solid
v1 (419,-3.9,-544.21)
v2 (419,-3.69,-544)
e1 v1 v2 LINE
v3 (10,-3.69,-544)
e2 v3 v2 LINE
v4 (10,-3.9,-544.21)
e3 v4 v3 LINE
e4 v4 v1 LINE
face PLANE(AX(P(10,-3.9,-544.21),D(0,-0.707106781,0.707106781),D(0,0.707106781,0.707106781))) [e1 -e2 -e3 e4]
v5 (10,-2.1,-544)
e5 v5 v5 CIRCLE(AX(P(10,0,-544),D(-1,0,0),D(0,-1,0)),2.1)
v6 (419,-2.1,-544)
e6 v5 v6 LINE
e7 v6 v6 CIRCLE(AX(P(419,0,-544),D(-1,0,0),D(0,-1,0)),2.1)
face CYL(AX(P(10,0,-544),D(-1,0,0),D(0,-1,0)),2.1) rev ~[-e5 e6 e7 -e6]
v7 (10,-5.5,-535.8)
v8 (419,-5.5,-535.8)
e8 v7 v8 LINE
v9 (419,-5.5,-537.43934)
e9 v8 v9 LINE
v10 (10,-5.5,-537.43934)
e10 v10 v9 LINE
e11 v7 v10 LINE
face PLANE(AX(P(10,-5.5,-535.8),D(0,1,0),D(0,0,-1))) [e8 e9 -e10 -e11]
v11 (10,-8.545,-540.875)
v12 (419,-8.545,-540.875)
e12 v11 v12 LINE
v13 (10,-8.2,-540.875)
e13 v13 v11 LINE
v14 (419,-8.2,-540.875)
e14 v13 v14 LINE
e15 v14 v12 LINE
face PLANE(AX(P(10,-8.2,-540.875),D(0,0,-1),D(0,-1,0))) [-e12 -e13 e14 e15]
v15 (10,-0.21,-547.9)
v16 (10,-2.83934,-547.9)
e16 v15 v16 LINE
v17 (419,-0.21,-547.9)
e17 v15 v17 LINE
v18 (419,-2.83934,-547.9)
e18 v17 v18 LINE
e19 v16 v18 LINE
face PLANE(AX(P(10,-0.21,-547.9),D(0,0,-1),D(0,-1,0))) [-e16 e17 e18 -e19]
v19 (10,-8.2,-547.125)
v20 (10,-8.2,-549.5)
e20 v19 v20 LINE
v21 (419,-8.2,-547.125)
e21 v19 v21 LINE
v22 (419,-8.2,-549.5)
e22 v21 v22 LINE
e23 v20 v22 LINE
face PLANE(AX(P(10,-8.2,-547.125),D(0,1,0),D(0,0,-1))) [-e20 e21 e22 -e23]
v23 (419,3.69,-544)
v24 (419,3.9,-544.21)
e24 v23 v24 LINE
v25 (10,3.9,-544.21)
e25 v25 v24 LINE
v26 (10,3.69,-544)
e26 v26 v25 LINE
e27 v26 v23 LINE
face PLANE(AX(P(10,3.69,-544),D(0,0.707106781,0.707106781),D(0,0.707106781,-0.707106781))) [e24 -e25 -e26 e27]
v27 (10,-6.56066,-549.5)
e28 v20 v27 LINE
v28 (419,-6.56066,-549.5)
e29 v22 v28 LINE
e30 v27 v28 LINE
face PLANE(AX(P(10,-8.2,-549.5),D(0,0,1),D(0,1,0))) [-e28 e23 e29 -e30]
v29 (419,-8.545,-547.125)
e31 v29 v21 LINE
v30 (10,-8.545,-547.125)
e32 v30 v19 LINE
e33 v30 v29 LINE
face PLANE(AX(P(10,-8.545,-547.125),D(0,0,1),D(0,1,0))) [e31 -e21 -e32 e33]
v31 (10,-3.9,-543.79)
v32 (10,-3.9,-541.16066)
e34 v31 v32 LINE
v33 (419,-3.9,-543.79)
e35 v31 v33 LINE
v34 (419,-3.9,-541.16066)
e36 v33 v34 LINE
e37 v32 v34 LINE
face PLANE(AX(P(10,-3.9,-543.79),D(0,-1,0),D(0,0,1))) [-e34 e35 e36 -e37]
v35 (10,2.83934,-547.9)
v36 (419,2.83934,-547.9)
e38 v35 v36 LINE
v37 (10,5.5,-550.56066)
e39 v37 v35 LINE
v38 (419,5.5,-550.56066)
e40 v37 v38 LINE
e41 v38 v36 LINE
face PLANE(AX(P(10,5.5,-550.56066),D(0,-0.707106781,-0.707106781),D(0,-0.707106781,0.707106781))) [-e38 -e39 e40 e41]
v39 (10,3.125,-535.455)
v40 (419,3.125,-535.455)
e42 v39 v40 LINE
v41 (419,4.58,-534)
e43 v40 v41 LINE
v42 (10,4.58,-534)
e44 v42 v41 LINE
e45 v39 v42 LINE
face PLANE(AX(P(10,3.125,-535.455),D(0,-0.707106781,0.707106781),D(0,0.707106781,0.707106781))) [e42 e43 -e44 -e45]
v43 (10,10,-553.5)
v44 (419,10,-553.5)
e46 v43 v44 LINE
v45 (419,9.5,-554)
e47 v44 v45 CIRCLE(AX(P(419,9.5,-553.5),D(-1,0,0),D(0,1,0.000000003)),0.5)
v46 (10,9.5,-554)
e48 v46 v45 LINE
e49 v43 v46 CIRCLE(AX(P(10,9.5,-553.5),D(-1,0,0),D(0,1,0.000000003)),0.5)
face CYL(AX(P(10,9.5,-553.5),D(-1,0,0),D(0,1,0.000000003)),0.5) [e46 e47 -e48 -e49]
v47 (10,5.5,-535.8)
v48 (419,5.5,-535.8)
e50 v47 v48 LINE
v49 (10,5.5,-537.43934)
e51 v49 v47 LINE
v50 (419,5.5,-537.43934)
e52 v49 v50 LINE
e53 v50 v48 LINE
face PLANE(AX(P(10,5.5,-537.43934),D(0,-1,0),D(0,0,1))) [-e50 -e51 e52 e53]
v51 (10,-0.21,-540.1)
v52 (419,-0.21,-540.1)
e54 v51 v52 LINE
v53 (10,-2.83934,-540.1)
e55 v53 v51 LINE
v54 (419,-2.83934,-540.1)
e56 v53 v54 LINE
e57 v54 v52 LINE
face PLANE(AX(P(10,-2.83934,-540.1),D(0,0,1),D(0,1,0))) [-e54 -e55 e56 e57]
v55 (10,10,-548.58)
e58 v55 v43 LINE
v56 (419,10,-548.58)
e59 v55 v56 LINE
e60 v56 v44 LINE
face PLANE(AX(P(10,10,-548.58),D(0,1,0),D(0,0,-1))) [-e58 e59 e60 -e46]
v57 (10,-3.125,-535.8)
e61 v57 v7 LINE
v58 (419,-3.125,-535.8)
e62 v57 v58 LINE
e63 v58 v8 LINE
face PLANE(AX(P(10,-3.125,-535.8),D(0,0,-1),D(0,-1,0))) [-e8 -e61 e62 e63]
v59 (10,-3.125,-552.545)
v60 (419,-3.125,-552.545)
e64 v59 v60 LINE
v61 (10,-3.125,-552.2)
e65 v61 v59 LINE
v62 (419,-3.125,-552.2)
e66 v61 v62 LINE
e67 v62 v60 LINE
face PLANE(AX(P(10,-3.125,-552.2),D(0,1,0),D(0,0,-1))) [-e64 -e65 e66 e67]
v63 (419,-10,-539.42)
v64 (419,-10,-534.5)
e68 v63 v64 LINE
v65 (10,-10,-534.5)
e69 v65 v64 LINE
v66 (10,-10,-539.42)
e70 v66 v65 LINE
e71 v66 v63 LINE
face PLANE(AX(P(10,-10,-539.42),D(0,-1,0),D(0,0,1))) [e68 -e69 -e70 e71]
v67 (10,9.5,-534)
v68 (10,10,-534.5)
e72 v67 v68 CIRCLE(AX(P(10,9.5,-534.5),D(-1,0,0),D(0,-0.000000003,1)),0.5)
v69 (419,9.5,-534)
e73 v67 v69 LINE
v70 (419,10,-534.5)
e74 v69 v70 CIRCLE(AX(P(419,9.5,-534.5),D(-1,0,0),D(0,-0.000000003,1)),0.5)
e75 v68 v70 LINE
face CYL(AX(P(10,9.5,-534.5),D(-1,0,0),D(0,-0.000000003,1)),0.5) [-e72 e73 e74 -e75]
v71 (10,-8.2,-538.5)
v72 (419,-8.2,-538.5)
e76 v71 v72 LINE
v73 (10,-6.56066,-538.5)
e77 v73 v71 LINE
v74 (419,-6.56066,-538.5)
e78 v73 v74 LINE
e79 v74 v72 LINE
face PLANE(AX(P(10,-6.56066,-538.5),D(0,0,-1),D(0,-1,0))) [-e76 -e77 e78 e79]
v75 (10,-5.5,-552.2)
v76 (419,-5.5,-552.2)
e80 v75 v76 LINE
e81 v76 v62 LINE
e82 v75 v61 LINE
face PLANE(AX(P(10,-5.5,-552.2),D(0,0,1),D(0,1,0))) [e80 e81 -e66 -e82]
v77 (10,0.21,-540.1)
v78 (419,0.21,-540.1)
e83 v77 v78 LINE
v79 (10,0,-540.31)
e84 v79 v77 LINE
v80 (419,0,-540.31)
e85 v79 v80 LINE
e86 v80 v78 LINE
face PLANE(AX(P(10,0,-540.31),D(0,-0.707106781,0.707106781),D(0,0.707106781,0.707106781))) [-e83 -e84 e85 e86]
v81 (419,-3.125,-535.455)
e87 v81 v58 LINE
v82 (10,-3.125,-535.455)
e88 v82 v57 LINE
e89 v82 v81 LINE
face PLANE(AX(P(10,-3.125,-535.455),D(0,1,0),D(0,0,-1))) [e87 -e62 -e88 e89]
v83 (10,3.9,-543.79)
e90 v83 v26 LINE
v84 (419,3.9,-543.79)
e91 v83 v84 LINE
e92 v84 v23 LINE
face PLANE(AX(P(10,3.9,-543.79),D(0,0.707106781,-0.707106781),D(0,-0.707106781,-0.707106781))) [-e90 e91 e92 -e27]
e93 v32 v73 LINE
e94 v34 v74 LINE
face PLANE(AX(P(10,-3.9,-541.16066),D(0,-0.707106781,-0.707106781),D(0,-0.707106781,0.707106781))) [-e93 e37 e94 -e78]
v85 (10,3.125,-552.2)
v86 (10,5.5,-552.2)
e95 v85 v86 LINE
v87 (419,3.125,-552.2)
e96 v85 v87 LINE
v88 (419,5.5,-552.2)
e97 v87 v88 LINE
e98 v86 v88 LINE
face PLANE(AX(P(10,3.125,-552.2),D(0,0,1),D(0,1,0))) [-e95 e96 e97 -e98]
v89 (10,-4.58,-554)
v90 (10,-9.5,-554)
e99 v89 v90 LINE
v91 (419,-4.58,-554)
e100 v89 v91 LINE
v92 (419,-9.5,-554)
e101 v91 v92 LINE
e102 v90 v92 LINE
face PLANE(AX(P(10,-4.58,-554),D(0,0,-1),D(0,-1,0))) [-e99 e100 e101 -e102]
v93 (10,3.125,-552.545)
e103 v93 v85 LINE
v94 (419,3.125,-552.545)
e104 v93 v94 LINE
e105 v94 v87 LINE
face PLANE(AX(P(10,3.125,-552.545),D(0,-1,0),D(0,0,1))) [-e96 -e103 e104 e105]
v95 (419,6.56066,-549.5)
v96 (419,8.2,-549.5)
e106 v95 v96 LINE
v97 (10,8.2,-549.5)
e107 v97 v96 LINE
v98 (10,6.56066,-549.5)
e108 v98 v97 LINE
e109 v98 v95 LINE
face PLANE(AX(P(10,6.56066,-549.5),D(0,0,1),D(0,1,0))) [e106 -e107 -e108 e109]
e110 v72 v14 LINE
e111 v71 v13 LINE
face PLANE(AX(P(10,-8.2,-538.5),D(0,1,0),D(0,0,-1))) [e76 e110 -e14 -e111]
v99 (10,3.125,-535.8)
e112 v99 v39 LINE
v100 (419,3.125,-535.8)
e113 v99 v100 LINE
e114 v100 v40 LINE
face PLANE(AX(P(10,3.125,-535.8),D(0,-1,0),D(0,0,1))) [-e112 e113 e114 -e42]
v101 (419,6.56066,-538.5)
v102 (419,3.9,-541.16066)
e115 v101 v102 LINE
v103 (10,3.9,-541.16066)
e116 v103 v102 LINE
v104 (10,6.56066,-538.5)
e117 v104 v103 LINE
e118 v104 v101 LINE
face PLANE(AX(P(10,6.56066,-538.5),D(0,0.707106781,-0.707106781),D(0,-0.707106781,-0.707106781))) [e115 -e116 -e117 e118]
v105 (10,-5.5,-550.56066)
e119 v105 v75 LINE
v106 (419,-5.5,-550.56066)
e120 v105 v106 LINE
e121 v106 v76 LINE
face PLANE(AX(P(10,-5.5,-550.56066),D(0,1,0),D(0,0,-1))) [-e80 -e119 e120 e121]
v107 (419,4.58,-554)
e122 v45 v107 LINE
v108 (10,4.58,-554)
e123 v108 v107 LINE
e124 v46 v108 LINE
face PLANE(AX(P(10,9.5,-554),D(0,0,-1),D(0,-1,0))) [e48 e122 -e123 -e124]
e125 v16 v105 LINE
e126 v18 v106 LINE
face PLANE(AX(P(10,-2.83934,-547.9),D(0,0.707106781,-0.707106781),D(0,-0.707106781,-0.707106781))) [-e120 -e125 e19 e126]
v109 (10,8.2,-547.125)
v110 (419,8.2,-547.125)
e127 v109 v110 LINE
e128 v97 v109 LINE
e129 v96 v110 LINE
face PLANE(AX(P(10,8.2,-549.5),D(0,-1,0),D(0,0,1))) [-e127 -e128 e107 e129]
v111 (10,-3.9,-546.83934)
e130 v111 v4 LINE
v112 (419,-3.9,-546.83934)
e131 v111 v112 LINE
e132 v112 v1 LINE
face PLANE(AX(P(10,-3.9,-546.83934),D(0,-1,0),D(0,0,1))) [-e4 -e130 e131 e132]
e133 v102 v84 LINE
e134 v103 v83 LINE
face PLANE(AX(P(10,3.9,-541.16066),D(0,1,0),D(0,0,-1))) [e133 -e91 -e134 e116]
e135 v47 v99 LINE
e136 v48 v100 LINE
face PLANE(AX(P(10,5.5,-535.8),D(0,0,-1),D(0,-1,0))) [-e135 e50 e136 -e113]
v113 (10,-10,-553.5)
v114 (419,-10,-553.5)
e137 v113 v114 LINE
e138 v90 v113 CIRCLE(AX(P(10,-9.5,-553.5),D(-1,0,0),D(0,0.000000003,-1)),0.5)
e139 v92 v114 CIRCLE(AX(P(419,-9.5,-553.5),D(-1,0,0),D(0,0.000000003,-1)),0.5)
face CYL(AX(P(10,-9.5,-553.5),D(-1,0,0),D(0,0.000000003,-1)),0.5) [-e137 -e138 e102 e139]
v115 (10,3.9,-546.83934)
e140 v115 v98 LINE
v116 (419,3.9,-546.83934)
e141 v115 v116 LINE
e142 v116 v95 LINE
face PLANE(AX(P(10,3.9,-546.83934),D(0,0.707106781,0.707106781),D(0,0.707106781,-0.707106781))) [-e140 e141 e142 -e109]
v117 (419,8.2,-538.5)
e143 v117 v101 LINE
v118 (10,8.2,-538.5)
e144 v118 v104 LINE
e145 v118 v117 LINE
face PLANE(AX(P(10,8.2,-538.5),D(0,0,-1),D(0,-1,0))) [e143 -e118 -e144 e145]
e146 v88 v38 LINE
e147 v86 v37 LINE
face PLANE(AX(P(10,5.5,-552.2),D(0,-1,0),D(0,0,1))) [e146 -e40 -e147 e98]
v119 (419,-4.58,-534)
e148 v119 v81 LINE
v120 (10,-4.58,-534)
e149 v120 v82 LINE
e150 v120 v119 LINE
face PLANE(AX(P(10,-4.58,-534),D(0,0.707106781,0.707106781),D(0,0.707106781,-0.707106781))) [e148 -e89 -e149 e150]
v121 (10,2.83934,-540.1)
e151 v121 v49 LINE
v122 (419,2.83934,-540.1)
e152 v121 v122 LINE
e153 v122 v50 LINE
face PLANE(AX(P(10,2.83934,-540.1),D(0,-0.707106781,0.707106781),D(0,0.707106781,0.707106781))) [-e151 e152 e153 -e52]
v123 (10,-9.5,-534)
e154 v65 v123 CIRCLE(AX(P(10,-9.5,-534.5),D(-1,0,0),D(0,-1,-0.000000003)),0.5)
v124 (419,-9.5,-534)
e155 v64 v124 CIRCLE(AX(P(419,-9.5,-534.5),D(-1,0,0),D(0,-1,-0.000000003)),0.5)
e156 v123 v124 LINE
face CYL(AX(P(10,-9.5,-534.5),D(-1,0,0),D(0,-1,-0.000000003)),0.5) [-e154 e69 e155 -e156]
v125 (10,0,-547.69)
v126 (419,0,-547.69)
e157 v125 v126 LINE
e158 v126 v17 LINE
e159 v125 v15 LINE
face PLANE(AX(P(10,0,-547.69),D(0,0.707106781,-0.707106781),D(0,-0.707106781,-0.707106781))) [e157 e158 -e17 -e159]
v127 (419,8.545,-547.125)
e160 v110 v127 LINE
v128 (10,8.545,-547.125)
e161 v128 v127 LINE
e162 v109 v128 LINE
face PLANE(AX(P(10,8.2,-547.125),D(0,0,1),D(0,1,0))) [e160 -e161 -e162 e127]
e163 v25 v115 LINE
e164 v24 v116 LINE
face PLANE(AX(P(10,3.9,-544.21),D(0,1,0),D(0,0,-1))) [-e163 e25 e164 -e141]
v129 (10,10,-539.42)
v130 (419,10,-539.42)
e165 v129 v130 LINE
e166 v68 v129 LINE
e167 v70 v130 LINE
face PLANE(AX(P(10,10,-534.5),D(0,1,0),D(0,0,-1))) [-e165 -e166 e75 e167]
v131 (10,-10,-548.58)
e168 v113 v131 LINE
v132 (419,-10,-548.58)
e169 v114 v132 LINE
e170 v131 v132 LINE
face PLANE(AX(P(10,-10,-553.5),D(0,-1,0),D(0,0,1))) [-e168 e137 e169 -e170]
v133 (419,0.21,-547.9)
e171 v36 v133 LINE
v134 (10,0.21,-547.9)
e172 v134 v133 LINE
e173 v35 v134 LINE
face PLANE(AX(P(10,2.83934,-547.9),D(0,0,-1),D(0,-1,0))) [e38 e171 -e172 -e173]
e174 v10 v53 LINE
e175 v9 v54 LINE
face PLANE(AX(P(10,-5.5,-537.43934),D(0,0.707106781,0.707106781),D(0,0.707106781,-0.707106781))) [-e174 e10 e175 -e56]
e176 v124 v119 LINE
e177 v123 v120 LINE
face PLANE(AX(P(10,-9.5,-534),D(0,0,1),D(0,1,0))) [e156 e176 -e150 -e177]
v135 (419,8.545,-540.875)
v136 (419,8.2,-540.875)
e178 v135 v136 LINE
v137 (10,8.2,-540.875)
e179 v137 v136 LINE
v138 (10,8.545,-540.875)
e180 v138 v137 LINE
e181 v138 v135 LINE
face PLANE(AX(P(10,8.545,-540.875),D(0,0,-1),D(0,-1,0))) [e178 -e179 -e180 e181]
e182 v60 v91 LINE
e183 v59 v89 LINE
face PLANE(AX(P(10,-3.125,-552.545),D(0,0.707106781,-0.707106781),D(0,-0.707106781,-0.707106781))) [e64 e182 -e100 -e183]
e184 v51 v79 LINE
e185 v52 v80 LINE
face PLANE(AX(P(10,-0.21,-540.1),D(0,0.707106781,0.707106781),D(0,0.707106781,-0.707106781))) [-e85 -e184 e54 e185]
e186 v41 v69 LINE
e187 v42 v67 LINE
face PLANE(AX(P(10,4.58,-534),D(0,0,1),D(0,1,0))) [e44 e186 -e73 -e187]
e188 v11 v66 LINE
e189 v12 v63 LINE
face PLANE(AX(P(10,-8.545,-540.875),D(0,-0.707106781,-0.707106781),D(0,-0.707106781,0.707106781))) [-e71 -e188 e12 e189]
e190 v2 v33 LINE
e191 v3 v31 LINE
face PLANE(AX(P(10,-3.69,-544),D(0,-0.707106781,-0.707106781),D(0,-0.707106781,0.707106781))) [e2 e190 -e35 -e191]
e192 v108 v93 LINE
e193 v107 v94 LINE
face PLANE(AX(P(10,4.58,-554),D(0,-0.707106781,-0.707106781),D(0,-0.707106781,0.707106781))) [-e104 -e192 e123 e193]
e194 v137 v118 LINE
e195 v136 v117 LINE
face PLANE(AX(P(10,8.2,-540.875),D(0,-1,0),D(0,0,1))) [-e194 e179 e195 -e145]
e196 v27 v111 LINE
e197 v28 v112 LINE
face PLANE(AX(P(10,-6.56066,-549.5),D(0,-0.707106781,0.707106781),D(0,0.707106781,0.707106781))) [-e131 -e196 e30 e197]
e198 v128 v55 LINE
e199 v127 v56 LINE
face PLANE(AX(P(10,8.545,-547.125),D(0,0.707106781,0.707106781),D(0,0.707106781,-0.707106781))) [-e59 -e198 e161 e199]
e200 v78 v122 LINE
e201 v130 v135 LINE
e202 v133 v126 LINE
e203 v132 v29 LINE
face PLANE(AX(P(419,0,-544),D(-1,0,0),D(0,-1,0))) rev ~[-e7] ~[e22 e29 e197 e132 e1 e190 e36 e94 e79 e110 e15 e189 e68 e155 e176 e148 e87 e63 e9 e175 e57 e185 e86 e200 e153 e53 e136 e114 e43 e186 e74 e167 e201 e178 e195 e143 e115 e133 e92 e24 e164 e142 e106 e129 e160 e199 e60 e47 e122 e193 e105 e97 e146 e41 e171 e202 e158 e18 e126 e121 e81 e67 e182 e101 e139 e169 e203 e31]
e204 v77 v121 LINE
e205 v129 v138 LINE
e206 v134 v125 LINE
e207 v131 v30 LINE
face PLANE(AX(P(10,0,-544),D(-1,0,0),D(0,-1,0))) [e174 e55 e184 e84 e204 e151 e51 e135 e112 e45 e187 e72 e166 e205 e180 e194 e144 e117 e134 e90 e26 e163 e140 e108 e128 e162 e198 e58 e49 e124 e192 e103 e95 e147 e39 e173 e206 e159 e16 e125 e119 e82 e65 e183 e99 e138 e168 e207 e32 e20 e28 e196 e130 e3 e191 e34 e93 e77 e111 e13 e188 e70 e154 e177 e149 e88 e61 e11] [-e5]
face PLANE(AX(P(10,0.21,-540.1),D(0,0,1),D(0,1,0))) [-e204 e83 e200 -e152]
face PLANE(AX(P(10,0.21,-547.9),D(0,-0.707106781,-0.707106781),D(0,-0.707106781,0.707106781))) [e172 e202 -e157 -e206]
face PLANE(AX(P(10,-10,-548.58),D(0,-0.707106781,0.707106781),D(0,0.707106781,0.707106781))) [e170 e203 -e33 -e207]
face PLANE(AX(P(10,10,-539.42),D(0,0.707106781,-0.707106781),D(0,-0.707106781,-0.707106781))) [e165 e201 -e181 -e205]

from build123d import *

# Parameters (mm, degrees)
SKETCH1_R           = 2.1
BOSS_EXTRUDE1_DEPTH = 409


with BuildPart() as part:
    # Sketch1 → Boss-Extrude1 (new body)
    with BuildSketch(Plane(origin=(10, 0, 0), x_dir=(0, -1, 0), z_dir=(-1, 0, 0))):
        with BuildLine():
            Line((-10, -534.5), (-10, -539.42))
            Line((-10, -539.42), (-8.545, -540.875))
            Line((-8.545, -540.875), (-8.2, -540.875))
            Line((-8.2, -540.875), (-8.2, -538.5))
            Line((-8.2, -538.5), (-6.560660172, -538.5))
            Line((-6.560660172, -538.5), (-3.9, -541.160660172))
            Line((-3.9, -541.160660172), (-3.9, -543.79))
            Line((-3.9, -543.79), (-3.69, -544))
            Line((-3.69, -544), (-3.9, -544.21))
            Line((-3.9, -544.21), (-3.9, -546.839339828))
            Line((-3.9, -546.839339828), (-6.560660172, -549.5))
            Line((-6.560660172, -549.5), (-8.2, -549.5))
            Line((-8.2, -549.5), (-8.2, -547.125))
            Line((-8.2, -547.125), (-8.545, -547.125))
            Line((-8.545, -547.125), (-10, -548.58))
            Line((-10, -548.58), (-10, -553.5))
            ThreePointArc((-10, -553.5), (-9.853553391, -553.853553391), (-9.5, -554))
            Line((-9.5, -554), (-4.58, -554))
            Line((-4.58, -554), (-3.125, -552.545))
            Line((-3.125, -552.545), (-3.125, -552.2))
            Line((-3.125, -552.2), (-5.5, -552.2))
            Line((-5.5, -552.2), (-5.5, -550.560660172))
            Line((-5.5, -550.560660172), (-2.839339828, -547.9))
            Line((-2.839339828, -547.9), (-0.21, -547.9))
            Line((-0.21, -547.9), (0, -547.69))
            Line((0, -547.69), (0.21, -547.9))
            Line((0.21, -547.9), (2.839339828, -547.9))
            Line((2.839339828, -547.9), (5.5, -550.560660172))
            Line((5.5, -550.560660172), (5.5, -552.2))
            Line((5.5, -552.2), (3.125, -552.2))
            Line((3.125, -552.2), (3.125, -552.545))
            Line((3.125, -552.545), (4.58, -554))
            Line((4.58, -554), (9.5, -554))
            ThreePointArc((9.5, -554), (9.853553391, -553.853553391), (10, -553.5))
            Line((10, -553.5), (10, -548.58))
            Line((10, -548.58), (8.545, -547.125))
            Line((8.545, -547.125), (8.2, -547.125))
            Line((8.2, -547.125), (8.2, -549.5))
            Line((8.2, -549.5), (6.560660172, -549.5))
            Line((6.560660172, -549.5), (3.9, -546.839339828))
            Line((3.9, -546.839339828), (3.9, -544.21))
            Line((3.9, -544.21), (3.69, -544))
            Line((3.69, -544), (3.9, -543.79))
            Line((3.9, -543.79), (3.9, -541.160660171))
            Line((3.9, -541.160660171), (6.560660171, -538.5))
            Line((6.560660171, -538.5), (8.2, -538.5))
            Line((8.2, -538.5), (8.2, -540.875))
            Line((8.2, -540.875), (8.545, -540.875))
            Line((8.545, -540.875), (10, -539.42))
            Line((10, -539.42), (10, -534.5))
            ThreePointArc((10, -534.5), (9.853553391, -534.146446609), (9.5, -534))
            Line((9.5, -534), (4.58, -534))
            Line((4.58, -534), (3.125, -535.455))
            Line((3.125, -535.455), (3.125, -535.8))
            Line((3.125, -535.8), (5.5, -535.8))
            Line((5.5, -535.8), (5.5, -537.439339828))
            Line((5.5, -537.439339828), (2.839339828, -540.1))
            Line((2.839339828, -540.1), (0.21, -540.1))
            Line((0.21, -540.1), (0, -540.31))
            Line((0, -540.31), (-0.21, -540.1))
            Line((-0.21, -540.1), (-2.839339828, -540.1))
            Line((-2.839339828, -540.1), (-5.5, -537.439339828))
            Line((-5.5, -537.439339828), (-5.5, -535.8))
            Line((-5.5, -535.8), (-3.125, -535.8))
            Line((-3.125, -535.8), (-3.125, -535.455))
            Line((-3.125, -535.455), (-4.58, -534))
            Line((-4.58, -534), (-9.5, -534))
            ThreePointArc((-9.5, -534), (-9.853553391, -534.146446609), (-10, -534.5))
        make_face()
        with Locations((0, -544)):
            Circle(SKETCH1_R, mode=Mode.SUBTRACT)
    extrude(amount=-BOSS_EXTRUDE1_DEPTH)


solid = part.part
